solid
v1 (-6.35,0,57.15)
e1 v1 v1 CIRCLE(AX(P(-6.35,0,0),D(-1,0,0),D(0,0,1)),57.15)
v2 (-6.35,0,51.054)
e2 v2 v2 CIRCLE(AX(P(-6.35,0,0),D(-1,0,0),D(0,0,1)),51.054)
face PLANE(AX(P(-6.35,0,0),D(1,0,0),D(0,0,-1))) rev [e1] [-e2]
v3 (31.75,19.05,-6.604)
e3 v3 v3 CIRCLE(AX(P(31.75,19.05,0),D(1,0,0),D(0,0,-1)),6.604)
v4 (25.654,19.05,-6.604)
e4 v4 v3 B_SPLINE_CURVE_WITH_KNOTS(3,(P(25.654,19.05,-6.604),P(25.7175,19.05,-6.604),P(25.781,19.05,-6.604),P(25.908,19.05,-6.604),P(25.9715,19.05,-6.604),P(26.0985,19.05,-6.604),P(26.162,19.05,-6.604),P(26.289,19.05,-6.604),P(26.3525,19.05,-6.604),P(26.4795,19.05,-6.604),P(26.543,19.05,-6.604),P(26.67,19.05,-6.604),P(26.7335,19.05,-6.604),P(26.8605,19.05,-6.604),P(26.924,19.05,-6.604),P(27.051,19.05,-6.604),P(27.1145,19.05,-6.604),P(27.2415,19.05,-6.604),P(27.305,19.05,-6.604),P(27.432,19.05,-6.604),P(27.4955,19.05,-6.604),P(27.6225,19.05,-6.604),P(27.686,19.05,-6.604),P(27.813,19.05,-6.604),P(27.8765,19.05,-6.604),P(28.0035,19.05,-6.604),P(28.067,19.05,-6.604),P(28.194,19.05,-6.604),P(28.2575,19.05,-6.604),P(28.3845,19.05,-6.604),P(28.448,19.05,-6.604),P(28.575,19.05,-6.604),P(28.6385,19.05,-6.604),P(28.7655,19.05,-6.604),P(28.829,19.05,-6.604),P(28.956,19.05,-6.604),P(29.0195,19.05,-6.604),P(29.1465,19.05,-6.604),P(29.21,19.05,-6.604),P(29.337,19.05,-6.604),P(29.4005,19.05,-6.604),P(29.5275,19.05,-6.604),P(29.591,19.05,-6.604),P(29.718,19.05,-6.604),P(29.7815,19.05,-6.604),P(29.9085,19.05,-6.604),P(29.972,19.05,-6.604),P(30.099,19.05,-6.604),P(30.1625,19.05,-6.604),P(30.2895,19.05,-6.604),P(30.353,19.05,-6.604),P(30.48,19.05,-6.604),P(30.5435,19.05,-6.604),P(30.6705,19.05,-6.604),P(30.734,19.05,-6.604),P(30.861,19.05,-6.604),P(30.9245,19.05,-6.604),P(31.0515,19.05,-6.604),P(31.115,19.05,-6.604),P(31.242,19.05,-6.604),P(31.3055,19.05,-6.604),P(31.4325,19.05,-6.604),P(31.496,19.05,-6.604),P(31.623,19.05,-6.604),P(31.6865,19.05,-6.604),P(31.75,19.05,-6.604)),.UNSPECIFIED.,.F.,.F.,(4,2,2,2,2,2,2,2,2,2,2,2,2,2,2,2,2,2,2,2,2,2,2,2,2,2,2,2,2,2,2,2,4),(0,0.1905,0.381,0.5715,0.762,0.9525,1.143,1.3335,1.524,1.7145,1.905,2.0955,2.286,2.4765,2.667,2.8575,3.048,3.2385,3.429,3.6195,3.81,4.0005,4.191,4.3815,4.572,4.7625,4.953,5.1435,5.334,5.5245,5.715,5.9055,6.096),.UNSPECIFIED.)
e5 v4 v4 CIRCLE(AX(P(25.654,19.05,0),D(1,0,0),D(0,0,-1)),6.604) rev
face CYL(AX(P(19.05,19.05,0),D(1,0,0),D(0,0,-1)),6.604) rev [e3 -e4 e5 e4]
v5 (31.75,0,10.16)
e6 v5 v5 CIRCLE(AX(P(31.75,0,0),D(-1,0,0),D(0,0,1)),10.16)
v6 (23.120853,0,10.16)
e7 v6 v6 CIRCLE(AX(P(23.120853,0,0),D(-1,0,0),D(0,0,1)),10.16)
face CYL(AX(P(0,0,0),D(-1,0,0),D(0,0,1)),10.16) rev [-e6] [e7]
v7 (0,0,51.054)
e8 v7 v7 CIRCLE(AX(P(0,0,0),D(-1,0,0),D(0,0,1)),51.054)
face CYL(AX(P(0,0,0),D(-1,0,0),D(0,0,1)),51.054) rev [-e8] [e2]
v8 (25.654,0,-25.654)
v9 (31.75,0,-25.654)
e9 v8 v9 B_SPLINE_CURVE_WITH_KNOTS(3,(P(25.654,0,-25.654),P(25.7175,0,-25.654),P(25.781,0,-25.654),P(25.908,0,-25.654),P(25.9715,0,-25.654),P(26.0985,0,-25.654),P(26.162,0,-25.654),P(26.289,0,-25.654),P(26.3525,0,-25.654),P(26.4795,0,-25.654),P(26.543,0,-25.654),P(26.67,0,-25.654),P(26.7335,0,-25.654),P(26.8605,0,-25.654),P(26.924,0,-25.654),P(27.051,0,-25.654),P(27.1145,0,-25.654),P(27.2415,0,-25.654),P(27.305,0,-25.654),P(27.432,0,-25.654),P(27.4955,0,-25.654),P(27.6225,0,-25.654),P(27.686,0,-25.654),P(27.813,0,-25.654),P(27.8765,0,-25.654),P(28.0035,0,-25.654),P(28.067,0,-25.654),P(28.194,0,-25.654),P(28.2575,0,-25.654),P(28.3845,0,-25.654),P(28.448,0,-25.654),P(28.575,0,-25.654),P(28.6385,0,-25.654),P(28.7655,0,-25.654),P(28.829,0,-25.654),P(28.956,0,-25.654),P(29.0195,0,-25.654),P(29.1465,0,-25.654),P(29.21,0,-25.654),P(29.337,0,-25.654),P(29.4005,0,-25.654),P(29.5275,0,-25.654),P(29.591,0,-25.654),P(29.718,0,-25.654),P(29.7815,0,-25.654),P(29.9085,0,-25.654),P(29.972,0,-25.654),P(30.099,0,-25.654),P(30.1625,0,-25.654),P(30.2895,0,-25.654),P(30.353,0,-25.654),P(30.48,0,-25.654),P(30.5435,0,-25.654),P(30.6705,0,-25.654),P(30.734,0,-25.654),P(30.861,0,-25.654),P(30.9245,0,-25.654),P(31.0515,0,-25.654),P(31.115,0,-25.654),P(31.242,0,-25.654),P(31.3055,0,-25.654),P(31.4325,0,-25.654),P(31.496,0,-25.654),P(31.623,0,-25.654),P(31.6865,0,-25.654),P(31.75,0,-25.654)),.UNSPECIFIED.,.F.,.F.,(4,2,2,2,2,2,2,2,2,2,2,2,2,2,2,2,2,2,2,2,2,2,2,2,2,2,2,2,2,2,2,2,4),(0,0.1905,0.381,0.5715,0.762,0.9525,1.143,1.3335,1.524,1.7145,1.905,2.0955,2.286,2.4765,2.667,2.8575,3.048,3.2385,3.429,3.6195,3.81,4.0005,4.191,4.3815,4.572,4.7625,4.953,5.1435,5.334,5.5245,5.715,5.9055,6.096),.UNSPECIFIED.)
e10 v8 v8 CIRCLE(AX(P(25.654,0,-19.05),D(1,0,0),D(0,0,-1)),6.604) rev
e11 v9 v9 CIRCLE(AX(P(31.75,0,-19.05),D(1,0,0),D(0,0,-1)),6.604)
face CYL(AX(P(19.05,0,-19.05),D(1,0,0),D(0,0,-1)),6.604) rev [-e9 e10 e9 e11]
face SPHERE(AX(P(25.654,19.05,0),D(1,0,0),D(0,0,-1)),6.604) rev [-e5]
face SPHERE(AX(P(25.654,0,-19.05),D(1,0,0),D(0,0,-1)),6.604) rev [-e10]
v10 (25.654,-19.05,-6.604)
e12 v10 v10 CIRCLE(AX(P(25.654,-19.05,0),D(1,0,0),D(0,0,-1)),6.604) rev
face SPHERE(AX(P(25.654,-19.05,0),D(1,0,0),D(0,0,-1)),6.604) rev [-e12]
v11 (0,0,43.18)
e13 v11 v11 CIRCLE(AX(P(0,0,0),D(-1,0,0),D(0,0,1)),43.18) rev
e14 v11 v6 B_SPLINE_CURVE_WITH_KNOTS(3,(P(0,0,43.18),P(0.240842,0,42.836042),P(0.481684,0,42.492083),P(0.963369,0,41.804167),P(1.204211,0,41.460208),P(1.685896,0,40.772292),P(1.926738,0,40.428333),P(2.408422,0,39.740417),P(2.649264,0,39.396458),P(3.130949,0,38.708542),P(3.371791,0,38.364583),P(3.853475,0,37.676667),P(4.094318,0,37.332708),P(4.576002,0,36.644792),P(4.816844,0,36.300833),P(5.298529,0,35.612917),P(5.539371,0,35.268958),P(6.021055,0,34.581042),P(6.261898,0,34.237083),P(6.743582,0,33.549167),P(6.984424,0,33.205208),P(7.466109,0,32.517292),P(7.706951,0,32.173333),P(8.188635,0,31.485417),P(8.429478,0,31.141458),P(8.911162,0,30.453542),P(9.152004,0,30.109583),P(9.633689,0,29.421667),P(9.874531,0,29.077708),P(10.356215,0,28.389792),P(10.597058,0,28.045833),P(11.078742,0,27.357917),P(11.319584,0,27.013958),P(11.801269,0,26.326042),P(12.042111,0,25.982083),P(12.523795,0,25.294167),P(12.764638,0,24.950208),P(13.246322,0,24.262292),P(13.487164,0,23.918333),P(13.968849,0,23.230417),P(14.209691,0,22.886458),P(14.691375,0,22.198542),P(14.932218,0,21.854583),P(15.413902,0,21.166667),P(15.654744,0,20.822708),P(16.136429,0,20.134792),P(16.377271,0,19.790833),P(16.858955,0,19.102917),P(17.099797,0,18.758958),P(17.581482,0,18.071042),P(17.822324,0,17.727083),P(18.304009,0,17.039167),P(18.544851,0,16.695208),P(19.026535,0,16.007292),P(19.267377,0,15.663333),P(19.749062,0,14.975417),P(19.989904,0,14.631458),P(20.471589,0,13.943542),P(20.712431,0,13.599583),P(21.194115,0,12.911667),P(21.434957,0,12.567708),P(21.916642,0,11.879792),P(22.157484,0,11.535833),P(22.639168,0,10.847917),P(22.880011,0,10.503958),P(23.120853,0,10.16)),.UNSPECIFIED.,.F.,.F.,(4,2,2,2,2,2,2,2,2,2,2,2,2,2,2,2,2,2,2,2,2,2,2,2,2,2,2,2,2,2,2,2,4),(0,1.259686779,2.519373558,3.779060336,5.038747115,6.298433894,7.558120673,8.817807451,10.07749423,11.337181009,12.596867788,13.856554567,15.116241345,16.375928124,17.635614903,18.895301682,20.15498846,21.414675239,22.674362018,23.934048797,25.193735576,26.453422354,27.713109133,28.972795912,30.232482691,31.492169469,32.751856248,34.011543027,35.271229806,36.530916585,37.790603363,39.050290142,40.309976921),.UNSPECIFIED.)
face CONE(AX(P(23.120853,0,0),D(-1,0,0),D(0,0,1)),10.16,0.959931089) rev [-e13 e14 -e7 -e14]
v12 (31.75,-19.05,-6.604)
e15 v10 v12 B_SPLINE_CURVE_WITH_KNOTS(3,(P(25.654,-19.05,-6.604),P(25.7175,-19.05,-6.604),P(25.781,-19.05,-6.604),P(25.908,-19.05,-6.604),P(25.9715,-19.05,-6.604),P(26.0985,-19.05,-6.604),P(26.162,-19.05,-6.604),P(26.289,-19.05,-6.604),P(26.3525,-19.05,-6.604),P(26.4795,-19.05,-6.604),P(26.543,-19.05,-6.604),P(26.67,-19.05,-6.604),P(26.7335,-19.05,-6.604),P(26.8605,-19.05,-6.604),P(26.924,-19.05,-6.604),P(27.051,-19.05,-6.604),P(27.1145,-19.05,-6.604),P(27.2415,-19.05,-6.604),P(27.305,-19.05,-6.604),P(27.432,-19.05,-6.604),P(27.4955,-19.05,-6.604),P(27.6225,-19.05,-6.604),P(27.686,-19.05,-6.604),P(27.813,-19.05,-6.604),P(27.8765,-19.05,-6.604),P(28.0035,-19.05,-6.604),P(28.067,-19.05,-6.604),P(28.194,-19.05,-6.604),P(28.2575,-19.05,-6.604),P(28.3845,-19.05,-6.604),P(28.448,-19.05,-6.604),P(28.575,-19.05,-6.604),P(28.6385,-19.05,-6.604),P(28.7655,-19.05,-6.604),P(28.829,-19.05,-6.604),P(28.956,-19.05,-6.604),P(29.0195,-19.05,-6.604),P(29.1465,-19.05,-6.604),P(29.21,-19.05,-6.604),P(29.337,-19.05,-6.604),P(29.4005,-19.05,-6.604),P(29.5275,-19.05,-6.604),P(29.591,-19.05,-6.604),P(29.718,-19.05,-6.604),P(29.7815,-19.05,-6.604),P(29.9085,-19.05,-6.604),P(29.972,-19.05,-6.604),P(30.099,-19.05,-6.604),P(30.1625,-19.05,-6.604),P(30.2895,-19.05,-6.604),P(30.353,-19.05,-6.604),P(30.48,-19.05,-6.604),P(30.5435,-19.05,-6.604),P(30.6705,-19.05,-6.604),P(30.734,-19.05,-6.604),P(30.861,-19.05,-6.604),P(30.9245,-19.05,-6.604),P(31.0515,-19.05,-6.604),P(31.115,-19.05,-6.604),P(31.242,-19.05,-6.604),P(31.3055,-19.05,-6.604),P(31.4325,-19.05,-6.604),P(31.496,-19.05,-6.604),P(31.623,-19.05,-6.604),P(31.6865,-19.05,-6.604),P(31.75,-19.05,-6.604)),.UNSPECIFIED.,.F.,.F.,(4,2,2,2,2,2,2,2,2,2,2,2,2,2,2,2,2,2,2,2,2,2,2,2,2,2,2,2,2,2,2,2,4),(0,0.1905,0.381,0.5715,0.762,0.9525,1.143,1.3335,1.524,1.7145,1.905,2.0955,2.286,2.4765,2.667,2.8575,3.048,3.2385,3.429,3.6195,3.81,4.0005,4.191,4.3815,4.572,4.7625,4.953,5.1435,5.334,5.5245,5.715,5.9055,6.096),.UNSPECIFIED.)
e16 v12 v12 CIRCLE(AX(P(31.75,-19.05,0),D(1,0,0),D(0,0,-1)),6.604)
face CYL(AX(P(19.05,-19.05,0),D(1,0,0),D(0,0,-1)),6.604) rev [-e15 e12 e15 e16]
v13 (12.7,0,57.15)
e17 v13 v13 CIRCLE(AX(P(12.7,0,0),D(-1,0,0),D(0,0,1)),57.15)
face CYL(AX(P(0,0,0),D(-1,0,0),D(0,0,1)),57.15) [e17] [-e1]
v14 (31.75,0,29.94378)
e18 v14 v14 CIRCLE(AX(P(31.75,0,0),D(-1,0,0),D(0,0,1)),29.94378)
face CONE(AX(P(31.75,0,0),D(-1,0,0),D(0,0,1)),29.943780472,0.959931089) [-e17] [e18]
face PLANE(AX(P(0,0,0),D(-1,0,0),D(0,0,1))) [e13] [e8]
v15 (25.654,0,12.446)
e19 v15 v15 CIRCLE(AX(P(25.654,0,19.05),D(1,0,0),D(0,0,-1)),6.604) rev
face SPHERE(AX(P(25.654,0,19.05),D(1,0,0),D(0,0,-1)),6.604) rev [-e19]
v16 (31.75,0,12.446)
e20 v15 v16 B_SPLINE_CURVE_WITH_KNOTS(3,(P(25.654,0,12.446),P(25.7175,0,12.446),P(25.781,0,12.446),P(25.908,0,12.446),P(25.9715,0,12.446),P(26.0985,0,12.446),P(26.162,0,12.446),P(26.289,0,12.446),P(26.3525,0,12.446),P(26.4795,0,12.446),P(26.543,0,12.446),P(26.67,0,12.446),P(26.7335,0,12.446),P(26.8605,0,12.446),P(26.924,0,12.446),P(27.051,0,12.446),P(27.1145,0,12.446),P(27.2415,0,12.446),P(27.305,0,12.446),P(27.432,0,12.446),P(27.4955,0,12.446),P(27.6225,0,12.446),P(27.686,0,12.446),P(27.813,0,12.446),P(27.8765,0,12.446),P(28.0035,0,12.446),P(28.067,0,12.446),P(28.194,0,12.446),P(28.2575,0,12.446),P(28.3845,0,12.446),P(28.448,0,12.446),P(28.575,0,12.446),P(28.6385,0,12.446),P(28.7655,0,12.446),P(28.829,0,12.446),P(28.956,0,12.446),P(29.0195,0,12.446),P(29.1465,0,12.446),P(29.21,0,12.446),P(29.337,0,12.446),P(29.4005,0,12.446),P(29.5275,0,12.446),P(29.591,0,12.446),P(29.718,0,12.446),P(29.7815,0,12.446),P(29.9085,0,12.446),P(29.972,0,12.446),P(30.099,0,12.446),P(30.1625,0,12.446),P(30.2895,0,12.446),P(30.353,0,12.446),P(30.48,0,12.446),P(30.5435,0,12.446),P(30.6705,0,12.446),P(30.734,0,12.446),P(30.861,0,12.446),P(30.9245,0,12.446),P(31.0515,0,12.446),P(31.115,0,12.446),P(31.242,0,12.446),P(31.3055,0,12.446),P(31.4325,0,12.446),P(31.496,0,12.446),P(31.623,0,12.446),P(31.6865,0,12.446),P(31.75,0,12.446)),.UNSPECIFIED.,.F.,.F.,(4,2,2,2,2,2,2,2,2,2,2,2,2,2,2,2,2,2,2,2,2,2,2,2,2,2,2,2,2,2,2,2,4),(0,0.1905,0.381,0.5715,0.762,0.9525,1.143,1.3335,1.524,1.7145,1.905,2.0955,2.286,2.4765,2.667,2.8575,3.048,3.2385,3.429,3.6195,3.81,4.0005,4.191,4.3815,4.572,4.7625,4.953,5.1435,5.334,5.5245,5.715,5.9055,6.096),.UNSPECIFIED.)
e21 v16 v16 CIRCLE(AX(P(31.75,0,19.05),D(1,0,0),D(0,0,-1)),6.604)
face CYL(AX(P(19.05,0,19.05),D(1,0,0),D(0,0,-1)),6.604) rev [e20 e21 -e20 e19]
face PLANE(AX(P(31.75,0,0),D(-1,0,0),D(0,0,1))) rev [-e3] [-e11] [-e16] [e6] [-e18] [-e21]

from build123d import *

# Parameters (mm, degrees)
SKETCH2_R          = 6.604
CUT_EXTRUDE1_DEPTH = 12.7
FILLET1_R          = 6.604
CHAMFER1_SIZE      = 33.02
CHAMFER1_SIZE2     = 23.120852912


with BuildPart() as part:
    # Sketch1 → Revolve1 (revolve)
    with BuildSketch(Plane.XY, mode=Mode.PRIVATE) as revolve1_sk:
        Polygon((0, 51.054), (0, 10.16), (31.75, 10.16), (31.75, 29.943780472), (12.7, 57.15), (-6.35, 57.15), (-6.35, 51.054), align=None)
    revolve(revolve1_sk.sketch.rotate(Axis((0, 0, 0), (1, 0, 0)), 90), axis=Axis((0, 0, 0), (1, 0, 0)))

    # Sketch2 → Cut-Extrude1 (cut)
    with BuildSketch(Plane(origin=(31.75, 0, 0), x_dir=(0, 0, -1), z_dir=(1, 0, 0))):
        with Locations((-19.05, 0)):
            Circle(SKETCH2_R)
        with Locations((0, 19.05)):
            Circle(SKETCH2_R)
        with Locations((19.05, 0)):
            Circle(SKETCH2_R)
        with Locations((0, -19.05)):
            Circle(SKETCH2_R)
    extrude(amount=-CUT_EXTRUDE1_DEPTH, mode=Mode.SUBTRACT)

    # Fillet1
    fillet1_edges = [part.edges().sort_by_distance(p)[0] for p in [
        (19.05, 0, 25.654),
        (19.05, 19.05, 6.604),
        (19.05, 0, -12.446),
        (19.05, -19.05, 6.604),
    ]]
    fillet(fillet1_edges, radius=FILLET1_R)

    # Chamfer1
    chamfer1_edges = [part.edges().sort_by_distance(p)[0] for p in [
        (0, 0, -10.16),
    ]]
    chamfer1_side = [part.faces().sort_by_distance(p)[0] for p in [
        (0, 0, -49.609974816),
    ]]
    chamfer(chamfer1_edges, length=CHAMFER1_SIZE, length2=CHAMFER1_SIZE2, reference=chamfer1_side[0])


solid = part.part
